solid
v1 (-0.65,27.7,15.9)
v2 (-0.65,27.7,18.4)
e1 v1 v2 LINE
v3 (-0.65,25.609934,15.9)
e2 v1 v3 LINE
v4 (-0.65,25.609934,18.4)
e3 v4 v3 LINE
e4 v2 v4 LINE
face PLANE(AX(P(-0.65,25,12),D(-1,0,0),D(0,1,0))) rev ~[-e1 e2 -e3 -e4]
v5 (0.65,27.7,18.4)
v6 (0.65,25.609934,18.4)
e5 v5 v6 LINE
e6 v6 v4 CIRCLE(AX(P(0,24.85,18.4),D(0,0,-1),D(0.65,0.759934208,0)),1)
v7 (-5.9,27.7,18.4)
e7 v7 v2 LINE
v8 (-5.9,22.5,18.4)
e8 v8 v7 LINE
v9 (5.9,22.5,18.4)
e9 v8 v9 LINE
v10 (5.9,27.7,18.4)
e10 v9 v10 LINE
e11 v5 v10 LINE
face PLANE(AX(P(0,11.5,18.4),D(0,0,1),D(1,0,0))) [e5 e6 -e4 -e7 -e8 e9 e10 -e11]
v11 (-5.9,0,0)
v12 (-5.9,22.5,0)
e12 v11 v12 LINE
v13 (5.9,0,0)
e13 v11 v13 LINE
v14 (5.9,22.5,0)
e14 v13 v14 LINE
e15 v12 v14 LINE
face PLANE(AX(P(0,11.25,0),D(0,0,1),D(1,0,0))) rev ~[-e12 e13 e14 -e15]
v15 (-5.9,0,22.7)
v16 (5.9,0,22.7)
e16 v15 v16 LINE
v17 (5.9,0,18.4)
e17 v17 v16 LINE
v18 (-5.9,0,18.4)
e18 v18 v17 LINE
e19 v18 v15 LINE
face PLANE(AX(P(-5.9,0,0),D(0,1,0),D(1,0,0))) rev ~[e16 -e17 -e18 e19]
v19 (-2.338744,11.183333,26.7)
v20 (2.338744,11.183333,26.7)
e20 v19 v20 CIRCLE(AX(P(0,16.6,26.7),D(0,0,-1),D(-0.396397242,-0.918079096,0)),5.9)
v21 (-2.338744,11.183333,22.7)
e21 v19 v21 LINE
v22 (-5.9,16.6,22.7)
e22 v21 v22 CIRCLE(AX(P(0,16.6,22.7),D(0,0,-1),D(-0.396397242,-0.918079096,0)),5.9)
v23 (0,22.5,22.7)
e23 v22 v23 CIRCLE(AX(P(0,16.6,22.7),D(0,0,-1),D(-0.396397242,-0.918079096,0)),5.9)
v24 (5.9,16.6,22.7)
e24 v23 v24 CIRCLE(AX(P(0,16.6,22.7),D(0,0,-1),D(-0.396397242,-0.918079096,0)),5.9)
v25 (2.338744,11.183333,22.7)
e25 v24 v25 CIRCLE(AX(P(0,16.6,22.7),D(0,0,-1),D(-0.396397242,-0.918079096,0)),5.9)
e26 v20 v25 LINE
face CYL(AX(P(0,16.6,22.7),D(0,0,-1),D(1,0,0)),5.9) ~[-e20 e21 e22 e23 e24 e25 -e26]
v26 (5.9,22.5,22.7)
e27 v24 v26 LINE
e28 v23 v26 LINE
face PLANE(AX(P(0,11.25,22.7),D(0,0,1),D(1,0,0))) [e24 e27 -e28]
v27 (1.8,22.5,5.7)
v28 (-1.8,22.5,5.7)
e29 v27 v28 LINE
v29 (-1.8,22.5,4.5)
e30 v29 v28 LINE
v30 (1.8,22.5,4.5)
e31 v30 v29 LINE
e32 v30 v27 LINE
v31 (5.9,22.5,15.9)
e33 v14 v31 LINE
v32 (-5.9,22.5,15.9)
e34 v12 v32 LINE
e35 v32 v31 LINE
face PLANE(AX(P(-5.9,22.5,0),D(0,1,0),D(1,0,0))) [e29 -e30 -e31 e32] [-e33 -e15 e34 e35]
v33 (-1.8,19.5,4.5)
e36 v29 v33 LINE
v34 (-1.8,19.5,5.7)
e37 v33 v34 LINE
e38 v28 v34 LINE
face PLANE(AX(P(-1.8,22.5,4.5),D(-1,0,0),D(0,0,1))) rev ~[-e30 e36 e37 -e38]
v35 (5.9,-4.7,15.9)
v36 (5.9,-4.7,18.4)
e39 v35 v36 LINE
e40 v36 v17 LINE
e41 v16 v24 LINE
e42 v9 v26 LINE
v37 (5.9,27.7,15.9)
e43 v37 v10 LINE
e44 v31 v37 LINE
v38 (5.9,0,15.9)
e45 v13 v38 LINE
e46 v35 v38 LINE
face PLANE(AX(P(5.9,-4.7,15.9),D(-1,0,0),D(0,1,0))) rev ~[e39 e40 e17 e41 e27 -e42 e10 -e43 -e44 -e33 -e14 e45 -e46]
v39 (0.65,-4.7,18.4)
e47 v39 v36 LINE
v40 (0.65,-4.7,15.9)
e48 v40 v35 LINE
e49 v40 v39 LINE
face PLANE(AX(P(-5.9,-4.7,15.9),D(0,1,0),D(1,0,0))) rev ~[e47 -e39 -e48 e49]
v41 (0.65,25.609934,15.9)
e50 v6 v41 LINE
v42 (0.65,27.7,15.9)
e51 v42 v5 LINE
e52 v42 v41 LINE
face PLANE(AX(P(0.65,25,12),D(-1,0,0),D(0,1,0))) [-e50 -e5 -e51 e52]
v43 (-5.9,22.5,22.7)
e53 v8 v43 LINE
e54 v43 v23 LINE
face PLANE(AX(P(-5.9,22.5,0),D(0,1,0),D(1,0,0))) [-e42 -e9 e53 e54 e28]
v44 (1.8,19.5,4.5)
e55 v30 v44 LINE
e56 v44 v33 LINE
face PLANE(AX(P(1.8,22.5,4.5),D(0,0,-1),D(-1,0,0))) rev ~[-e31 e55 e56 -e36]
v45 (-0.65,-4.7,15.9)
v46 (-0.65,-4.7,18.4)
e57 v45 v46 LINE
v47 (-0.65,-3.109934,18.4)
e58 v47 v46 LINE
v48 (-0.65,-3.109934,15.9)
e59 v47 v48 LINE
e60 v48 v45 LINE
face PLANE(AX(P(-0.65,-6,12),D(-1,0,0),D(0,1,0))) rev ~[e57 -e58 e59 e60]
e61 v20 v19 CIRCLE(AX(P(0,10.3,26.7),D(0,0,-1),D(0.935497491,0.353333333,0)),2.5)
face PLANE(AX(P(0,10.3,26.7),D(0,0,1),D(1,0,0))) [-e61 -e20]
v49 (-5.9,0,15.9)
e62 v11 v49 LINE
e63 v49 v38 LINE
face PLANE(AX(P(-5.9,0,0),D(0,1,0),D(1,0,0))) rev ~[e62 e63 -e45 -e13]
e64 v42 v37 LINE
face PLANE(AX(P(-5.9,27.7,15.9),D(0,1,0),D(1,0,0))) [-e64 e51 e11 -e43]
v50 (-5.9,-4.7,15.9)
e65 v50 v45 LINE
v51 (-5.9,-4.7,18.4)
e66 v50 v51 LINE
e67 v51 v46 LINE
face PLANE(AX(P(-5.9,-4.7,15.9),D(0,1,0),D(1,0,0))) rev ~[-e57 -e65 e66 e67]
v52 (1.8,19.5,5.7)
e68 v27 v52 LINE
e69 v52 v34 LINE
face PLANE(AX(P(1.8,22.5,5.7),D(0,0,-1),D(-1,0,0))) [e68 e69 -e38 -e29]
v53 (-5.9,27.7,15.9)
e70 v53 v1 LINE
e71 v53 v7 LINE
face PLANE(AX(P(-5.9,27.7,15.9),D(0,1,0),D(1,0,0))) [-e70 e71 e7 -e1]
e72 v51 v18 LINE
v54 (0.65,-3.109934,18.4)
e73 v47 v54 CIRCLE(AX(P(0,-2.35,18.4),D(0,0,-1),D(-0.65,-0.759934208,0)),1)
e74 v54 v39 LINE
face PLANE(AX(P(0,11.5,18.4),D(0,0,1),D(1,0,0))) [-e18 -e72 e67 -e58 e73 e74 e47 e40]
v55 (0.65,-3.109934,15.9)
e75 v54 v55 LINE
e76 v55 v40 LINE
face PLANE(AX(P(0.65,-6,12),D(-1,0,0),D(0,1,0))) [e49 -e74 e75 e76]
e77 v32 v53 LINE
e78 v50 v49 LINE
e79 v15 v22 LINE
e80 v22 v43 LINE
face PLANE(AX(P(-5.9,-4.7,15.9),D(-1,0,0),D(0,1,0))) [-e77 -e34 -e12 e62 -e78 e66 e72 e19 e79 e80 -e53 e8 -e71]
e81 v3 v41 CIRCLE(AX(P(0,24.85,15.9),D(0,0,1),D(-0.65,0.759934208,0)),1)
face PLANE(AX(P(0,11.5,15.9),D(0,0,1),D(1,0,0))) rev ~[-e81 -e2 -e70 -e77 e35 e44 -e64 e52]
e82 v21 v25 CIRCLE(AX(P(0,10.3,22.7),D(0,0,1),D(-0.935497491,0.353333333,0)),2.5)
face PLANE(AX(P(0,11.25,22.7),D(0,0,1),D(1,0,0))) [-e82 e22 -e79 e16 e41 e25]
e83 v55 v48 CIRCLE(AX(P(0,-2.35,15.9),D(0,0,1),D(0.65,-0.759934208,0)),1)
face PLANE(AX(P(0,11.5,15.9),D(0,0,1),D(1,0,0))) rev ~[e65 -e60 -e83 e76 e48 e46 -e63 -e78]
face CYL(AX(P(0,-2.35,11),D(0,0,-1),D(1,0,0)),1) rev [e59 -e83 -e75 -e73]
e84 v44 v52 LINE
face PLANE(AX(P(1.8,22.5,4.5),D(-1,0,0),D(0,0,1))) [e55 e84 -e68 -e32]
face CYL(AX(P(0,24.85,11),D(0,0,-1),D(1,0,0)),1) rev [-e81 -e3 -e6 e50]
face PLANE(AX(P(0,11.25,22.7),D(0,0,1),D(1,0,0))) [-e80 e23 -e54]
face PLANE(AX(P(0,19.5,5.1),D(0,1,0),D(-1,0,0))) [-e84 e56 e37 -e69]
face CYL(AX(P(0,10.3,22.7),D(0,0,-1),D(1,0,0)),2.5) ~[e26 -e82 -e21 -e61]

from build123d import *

# Parameters (mm, degrees)
BOX003_W          = 1.3
BOX003_H          = 3.3
BOX003_DEPTH      = 10
BOX002_W          = 1.3
BOX002_H          = 3.3
BOX002_DEPTH      = 10
CYLINDER004_R     = 1
CYLINDER004_DEPTH = 10
CYLINDER003_R     = 1
CYLINDER003_DEPTH = 10
CYLINDER001_R     = 2.5
CYLINDER001_DEPTH = 4
CYLINDER_R        = 5.9
CYLINDER_DEPTH    = 4
BOX001_W          = 11.8
BOX001_H          = 32.4
BOX001_DEPTH      = 2.5
BOX_W             = 11.8
BOX_H             = 22.5
BOX_DEPTH         = 22.7
SKETCH005_W       = 3.6
SKETCH005_H       = 1.2
POCKET001_DEPTH   = 3


with BuildPart() as cubo003:
    # Box003 → Box003 (new body)
    with BuildSketch(Plane(origin=(5.25, 25, 12), x_dir=(1, 0, 0), z_dir=(0, 0, 1))):
        with Locations((0.65, 1.65)):
            Rectangle(BOX003_W, BOX003_H)
    extrude(amount=BOX003_DEPTH)


with BuildPart() as rebajes:
    # Box002 → Box002 (new body)
    with BuildSketch(Plane(origin=(5.25, -6, 12), x_dir=(1, 0, 0), z_dir=(0, 0, 1))):
        with Locations((0.65, 1.65)):
            Rectangle(BOX002_W, BOX002_H)
    extrude(amount=BOX002_DEPTH)

    # Fusion005: union Cubo003
    add(cubo003.part)


with BuildPart() as taladro2:
    # Cylinder004 → Cylinder004 (new body)
    with BuildSketch(Plane(origin=(5.9, 24.85, 11), x_dir=(1, 0, 0), z_dir=(0, 0, 1))):
        Circle(CYLINDER004_R)
    extrude(amount=CYLINDER004_DEPTH)


with BuildPart() as taladros001:
    # Cylinder003 → Cylinder003 (new body)
    with BuildSketch(Plane(origin=(5.9, -2.35, 11), x_dir=(1, 0, 0), z_dir=(0, 0, 1))):
        Circle(CYLINDER003_R)
    extrude(amount=CYLINDER003_DEPTH)

    # Fusion004: union Taladro2
    add(taladro2.part)

    # Fusion006: union Rebajes
    add(rebajes.part)


with BuildPart() as cilindro001:
    # Cylinder001 → Cylinder001 (new body)
    with BuildSketch(Plane(origin=(5.9, 10.3, 22.7), x_dir=(1, 0, 0), z_dir=(0, 0, 1))):
        Circle(CYLINDER001_R)
    extrude(amount=CYLINDER001_DEPTH)


with BuildPart() as fusion001:
    # Cylinder → Cylinder (new body)
    with BuildSketch(Plane(origin=(5.9, 16.6, 22.7), x_dir=(1, 0, 0), z_dir=(0, 0, 1))):
        Circle(CYLINDER_R)
    extrude(amount=CYLINDER_DEPTH)

    # Fusion001: union Cilindro001
    add(cilindro001.part)


with BuildPart() as cubo001:
    # Box001 → Box001 (new body)
    with BuildSketch(Plane(origin=(0, -4.7, 15.9), x_dir=(1, 0, 0), z_dir=(0, 0, 1))):
        with Locations((5.9, 16.2)):
            Rectangle(BOX001_W, BOX001_H)
    extrude(amount=BOX001_DEPTH)


with BuildPart() as ranura_cable:
    # Box → Box (new body)
    with BuildSketch(Plane.XY):
        with Locations((5.9, 11.25)):
            Rectangle(BOX_W, BOX_H)
    extrude(amount=BOX_DEPTH)

    # Fusion: union Cubo001
    add(cubo001.part)

    # Fusion003: union Fusion001
    add(fusion001.part)

    # Cut: cut Taladros001
    add(taladros001.part, mode=Mode.SUBTRACT)


with BuildPart() as ranura_cable_1:
    # Cut placement: moved
    add(ranura_cable.part.moved(Location((-5.9, 0, 0))))

    # Sketch005 → Pocket001 (cut)
    with BuildSketch(Plane(origin=(-5.9, 22.5, 0), x_dir=(-1, 0, 0), z_dir=(0, 1, 0))):
        with Locations((-5.9, 5.1)):
            Rectangle(SKETCH005_W, SKETCH005_H)
    extrude(amount=-POCKET001_DEPTH, mode=Mode.SUBTRACT)


solid = ranura_cable_1.part
